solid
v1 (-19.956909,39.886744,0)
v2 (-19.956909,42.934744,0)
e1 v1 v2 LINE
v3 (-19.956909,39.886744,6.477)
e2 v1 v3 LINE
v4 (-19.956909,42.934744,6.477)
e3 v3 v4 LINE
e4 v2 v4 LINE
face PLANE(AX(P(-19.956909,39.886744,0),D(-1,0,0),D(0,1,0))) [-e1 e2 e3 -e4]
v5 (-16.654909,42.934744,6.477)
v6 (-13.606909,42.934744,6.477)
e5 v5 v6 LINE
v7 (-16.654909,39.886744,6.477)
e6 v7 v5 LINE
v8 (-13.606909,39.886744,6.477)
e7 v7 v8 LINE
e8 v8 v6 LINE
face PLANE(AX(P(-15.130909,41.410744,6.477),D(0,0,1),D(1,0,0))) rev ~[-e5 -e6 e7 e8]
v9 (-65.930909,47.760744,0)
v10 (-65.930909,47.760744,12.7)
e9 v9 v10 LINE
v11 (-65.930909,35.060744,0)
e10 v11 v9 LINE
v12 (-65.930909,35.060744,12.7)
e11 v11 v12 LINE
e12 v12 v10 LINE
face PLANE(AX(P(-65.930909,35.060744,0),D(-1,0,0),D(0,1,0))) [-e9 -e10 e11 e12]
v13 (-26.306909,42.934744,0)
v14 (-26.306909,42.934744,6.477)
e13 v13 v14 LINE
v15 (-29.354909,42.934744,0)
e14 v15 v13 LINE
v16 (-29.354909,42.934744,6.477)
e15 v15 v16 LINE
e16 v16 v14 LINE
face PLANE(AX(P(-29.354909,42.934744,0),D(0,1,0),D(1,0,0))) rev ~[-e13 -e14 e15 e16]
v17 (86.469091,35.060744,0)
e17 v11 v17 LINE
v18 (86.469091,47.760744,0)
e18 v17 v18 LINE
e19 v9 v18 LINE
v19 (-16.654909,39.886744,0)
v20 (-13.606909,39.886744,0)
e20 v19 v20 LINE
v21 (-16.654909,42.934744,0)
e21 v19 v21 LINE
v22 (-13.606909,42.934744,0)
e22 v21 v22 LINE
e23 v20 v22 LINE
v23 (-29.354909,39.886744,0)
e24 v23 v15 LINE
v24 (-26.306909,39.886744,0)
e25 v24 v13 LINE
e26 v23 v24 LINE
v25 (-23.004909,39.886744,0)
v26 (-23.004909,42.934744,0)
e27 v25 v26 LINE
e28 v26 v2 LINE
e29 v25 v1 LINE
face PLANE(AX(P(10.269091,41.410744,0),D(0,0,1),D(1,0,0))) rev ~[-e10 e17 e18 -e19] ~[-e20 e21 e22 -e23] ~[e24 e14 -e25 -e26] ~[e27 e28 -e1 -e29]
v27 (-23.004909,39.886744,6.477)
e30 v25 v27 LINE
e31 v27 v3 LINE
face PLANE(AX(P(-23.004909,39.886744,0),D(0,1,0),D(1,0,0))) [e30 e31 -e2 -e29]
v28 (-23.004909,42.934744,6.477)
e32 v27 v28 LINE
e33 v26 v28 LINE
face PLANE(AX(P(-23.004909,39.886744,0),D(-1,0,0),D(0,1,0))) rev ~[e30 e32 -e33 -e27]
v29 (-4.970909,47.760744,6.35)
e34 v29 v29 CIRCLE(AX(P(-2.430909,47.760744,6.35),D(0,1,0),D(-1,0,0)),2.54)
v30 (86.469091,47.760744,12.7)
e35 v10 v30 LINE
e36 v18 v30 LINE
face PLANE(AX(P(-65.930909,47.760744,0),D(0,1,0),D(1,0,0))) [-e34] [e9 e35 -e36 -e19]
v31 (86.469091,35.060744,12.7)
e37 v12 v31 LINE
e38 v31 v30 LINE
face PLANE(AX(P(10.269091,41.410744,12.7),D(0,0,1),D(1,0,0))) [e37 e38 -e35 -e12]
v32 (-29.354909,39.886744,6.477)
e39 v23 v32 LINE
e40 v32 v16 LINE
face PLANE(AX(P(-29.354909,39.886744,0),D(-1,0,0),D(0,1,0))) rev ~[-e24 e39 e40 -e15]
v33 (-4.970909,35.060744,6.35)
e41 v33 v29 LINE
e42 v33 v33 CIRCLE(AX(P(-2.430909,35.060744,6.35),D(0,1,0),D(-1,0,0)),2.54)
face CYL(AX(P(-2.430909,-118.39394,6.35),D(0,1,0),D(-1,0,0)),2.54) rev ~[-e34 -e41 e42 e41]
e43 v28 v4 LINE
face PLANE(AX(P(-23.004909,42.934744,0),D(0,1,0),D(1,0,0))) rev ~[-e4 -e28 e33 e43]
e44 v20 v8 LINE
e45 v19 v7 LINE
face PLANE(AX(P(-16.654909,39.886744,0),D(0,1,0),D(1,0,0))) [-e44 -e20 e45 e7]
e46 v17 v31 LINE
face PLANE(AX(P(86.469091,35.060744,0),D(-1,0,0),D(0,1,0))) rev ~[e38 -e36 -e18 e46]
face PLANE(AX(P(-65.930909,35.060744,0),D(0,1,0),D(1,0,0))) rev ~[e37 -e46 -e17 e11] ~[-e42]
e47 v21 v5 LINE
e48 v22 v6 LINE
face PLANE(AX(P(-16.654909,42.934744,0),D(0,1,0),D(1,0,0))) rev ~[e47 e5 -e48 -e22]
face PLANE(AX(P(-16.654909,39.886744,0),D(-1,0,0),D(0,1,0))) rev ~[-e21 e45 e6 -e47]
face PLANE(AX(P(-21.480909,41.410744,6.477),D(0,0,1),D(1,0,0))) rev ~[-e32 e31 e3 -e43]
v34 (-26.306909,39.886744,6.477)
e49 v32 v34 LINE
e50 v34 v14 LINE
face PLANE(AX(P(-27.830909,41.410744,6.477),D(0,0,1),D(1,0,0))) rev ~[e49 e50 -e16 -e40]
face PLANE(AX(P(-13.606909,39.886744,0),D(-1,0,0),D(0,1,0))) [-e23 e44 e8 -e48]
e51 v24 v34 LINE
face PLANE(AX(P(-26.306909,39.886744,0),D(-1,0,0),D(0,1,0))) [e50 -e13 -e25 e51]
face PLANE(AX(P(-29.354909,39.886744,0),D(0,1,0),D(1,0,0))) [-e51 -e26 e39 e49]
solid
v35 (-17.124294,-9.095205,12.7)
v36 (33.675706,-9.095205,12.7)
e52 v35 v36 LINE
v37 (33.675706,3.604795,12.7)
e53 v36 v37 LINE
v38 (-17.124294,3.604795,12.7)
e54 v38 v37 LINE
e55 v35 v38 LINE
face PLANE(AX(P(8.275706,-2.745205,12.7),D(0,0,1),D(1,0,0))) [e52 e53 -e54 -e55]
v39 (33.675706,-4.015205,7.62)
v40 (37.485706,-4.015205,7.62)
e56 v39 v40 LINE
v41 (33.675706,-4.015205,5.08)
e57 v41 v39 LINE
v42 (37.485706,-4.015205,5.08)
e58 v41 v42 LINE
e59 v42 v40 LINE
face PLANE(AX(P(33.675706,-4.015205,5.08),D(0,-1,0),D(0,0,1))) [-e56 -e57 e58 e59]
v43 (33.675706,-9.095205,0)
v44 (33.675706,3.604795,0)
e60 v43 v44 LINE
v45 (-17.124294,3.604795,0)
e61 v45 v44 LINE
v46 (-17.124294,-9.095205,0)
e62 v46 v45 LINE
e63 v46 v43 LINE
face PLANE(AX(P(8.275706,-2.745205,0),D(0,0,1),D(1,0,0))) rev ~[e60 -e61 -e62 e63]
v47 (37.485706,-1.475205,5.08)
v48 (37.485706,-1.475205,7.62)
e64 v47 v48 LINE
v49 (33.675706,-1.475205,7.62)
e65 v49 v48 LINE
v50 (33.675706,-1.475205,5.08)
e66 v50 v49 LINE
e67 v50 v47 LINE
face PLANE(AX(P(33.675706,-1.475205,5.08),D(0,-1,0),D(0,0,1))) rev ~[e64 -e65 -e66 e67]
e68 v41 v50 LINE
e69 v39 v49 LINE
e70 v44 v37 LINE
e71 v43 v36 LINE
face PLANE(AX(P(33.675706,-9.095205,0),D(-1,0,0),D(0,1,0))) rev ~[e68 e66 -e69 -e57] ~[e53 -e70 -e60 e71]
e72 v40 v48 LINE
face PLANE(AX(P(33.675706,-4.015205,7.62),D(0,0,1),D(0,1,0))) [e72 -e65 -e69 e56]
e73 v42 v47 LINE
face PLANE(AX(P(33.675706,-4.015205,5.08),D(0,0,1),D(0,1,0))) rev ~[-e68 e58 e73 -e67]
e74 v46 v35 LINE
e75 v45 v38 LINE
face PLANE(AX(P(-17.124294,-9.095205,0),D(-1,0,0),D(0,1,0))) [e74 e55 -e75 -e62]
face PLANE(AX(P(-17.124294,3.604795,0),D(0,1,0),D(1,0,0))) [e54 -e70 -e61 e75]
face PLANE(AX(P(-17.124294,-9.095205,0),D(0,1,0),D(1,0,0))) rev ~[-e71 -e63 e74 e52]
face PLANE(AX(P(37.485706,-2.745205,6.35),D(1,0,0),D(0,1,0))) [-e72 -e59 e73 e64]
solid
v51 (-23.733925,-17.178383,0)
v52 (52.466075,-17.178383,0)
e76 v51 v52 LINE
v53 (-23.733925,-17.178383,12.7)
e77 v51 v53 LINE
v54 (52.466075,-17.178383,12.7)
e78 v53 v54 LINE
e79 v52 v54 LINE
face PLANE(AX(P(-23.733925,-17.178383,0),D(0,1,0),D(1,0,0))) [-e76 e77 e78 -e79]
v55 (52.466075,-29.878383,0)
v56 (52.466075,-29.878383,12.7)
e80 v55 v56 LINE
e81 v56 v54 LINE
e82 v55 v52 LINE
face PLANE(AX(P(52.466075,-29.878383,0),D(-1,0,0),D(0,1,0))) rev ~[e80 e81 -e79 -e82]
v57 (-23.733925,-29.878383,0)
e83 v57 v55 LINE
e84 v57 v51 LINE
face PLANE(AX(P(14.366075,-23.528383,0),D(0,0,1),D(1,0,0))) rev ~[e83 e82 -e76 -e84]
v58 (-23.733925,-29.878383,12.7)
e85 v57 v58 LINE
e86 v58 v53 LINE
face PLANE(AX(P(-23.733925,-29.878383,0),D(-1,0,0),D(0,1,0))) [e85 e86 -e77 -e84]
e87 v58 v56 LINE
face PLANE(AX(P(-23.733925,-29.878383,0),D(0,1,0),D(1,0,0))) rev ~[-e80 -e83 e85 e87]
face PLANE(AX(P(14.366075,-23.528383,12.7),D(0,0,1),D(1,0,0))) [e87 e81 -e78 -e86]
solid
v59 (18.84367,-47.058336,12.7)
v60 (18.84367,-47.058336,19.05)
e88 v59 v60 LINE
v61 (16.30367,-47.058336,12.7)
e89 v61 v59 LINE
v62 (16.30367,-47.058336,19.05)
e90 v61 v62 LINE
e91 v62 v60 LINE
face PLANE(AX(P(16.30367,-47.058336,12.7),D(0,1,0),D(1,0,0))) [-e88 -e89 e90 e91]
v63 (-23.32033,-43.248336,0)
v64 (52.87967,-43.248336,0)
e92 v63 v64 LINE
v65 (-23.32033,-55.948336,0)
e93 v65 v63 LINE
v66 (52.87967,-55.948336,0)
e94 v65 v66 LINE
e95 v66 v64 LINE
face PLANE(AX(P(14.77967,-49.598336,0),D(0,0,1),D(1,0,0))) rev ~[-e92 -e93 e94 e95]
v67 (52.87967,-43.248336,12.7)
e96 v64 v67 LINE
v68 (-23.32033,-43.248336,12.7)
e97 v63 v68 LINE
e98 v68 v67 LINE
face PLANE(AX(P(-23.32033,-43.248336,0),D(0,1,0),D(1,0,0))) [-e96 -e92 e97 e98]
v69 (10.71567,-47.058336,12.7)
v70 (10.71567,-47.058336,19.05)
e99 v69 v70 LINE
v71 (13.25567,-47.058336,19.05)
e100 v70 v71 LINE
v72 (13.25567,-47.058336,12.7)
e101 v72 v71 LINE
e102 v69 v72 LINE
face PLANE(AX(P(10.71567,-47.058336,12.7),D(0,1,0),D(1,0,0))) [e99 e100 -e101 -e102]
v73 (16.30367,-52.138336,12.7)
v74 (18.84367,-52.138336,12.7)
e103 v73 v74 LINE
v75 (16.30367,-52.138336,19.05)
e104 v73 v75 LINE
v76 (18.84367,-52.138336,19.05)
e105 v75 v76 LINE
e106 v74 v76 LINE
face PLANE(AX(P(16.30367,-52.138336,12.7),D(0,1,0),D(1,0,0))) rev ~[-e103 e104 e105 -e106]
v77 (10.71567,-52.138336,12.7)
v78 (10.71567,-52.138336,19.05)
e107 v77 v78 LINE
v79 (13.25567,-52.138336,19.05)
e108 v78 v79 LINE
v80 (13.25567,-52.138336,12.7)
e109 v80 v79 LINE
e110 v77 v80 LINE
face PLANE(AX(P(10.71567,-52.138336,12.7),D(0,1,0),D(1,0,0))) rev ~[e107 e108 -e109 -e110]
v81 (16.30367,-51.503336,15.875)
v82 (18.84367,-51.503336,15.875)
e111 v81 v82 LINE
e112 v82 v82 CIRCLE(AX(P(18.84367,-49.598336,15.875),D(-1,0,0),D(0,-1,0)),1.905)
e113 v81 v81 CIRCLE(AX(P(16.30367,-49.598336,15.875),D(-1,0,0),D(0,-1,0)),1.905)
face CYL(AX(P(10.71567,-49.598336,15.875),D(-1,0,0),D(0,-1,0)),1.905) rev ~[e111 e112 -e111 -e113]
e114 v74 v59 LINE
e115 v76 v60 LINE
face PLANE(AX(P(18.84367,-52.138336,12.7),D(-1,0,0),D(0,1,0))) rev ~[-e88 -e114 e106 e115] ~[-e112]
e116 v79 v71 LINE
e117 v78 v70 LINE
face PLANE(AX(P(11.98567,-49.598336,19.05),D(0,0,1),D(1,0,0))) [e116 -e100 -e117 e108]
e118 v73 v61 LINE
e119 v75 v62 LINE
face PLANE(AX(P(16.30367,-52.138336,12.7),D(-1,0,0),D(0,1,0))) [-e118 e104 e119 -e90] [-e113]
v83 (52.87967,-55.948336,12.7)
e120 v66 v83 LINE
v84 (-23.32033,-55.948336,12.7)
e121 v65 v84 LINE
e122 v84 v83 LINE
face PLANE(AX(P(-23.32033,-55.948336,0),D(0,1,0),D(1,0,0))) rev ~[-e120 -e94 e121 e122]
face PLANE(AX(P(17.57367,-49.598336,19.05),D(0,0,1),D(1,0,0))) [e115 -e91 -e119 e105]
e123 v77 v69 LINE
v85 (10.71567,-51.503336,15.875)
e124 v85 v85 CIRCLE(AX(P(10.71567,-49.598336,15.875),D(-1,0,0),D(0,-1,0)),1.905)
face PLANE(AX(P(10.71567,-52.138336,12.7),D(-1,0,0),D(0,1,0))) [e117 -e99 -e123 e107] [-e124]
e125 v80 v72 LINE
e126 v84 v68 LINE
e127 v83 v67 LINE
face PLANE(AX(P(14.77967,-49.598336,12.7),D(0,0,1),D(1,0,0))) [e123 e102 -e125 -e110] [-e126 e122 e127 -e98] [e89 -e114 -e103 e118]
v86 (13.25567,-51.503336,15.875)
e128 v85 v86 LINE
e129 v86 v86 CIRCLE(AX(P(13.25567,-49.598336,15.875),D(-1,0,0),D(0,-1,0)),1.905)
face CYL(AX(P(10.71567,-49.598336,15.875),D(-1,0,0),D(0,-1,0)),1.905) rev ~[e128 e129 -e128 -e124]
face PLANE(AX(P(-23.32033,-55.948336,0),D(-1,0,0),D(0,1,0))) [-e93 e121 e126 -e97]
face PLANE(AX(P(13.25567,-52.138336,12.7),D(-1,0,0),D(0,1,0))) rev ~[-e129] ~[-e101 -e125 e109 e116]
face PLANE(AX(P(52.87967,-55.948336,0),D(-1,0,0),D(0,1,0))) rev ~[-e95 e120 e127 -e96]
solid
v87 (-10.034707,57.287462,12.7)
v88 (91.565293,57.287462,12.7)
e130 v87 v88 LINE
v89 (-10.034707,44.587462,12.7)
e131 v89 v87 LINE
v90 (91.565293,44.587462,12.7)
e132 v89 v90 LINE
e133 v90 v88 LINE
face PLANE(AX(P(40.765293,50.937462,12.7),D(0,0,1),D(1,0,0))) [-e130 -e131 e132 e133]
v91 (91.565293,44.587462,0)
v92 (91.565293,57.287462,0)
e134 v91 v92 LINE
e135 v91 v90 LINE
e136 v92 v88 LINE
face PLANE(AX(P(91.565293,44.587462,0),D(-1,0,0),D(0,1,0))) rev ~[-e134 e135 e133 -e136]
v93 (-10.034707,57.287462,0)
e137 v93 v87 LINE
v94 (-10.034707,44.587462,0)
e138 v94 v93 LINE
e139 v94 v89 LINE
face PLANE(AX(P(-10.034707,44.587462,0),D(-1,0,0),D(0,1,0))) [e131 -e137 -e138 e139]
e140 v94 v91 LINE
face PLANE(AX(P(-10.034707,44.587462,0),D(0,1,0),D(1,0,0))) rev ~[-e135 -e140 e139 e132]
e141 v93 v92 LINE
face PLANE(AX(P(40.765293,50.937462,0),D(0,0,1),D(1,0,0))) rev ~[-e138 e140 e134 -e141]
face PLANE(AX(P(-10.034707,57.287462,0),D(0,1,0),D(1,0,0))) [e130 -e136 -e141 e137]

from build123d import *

# Parameters (mm, degrees)
F0_W      = 152.4
F0_H      = 12.7
F1_DEPTH  = 12.7
F2_W      = 76.2
F2_H      = 12.7
F3_DEPTH  = 12.7
F4_W      = 101.6
F4_H      = 12.7
F6_DEPTH  = 12.7
F5_W      = 50.8
F5_H      = 12.7
F8_D      = 5.08
F9_W      = 2.54
F9_H      = 2.54
F10_DEPTH = 3.81
F11_W     = 3.048
F11_H     = 3.048
F12_DEPTH = 6.477
F13_DEPTH = 6.477
F14_DEPTH = 6.477
F15_W     = 76.2
F15_H     = 12.7
F16_DEPTH = 12.7
F17_W     = 2.54
F17_H     = 5.08
F18_DEPTH = 6.35
F19_DEPTH = 6.35
F20_R     = 1.905
F21_DEPTH = 10.668


with BuildPart() as f1:
    # F0 (on Top) → F1 (new body)
    with BuildSketch(Plane.XY):
        with Locations((10.2690905333, 41.4107435818)):
            Rectangle(F0_W, F0_H)
    extrude(amount=F1_DEPTH)

    # F8 (through all)
    with Locations(Plane.XZ.offset(-35.0607435818)):
        with Locations((-2.4309094667, 6.35)):
            Hole(F8_D / 2)

    # F11 (on face) → F12 (cut)
    with BuildSketch(Plane.XY):
        with Locations((-21.4809094667, 41.4107435818)):
            Rectangle(F11_W, F11_H)
    extrude(amount=F12_DEPTH, mode=Mode.SUBTRACT)

    # F11 (on face) → F13 (cut)
    with BuildSketch(Plane.XY):
        with Locations((-15.1309094667, 41.4107435818)):
            Rectangle(F11_W, F11_H)
    extrude(amount=F13_DEPTH, mode=Mode.SUBTRACT)

    # F11 (on face) → F14 (cut)
    with BuildSketch(Plane.XY):
        with Locations((-27.8309094667, 41.4107435818)):
            Rectangle(F11_W, F11_H)
    extrude(amount=F14_DEPTH, mode=Mode.SUBTRACT)


with BuildPart() as f3:
    # F2 (on Top) → F3 (new body)
    with BuildSketch(Plane.XY):
        with Locations((14.3660753965, -23.5283830105)):
            Rectangle(F2_W, F2_H)
    extrude(amount=F3_DEPTH)


with BuildPart() as f6:
    # F4 (on Top) → F6 (new body)
    with BuildSketch(Plane.XY):
        with Locations((40.7652929425, 50.9374617809)):
            Rectangle(F4_W, F4_H)
    extrude(amount=F6_DEPTH)


with BuildPart() as f6b:
    # F5 (on Top) → F6, piece 2 (new body)
    with BuildSketch(Plane.XY):
        with Locations((8.2757057786, -2.7452047178)):
            Rectangle(F5_W, F5_H)
    extrude(amount=F6_DEPTH)

    # F9 (on face) → F10 (join)
    with BuildSketch(Plane.YZ.offset(33.6757057786)):
        with Locations((-2.7452047178, 6.35)):
            Rectangle(F9_W, F9_H)
    extrude(amount=F10_DEPTH)


with BuildPart() as f16:
    # F15 (on Top) → F16 (new body)
    with BuildSketch(Plane.XY):
        with Locations((14.7796703373, -49.5983362198)):
            Rectangle(F15_W, F15_H)
    extrude(amount=F16_DEPTH)

    # F17 (on face) → F18 (join)
    with BuildSketch(Plane.XY.offset(12.7)):
        with Locations((11.9856703373, -49.5983362198)):
            Rectangle(F17_W, F17_H)
    extrude(amount=F18_DEPTH)

    # F17 (on face) → F19 (join)
    with BuildSketch(Plane.XY.offset(12.7)):
        with Locations((17.5736703373, -49.5983362198)):
            Rectangle(F17_W, F17_H)
    extrude(amount=F19_DEPTH)

    # F20 (on face) → F21 (cut)
    with BuildSketch(Plane(origin=(10.7156703373, 0, 0), x_dir=(0, -1, 0), z_dir=(-1, 0, 0))):
        with Locations((49.5983362198, 15.875)):
            Circle(F20_R)
    extrude(amount=-F21_DEPTH, mode=Mode.SUBTRACT)


solid = Compound([f1.part, f3.part, f6.part, f6b.part, f16.part])
